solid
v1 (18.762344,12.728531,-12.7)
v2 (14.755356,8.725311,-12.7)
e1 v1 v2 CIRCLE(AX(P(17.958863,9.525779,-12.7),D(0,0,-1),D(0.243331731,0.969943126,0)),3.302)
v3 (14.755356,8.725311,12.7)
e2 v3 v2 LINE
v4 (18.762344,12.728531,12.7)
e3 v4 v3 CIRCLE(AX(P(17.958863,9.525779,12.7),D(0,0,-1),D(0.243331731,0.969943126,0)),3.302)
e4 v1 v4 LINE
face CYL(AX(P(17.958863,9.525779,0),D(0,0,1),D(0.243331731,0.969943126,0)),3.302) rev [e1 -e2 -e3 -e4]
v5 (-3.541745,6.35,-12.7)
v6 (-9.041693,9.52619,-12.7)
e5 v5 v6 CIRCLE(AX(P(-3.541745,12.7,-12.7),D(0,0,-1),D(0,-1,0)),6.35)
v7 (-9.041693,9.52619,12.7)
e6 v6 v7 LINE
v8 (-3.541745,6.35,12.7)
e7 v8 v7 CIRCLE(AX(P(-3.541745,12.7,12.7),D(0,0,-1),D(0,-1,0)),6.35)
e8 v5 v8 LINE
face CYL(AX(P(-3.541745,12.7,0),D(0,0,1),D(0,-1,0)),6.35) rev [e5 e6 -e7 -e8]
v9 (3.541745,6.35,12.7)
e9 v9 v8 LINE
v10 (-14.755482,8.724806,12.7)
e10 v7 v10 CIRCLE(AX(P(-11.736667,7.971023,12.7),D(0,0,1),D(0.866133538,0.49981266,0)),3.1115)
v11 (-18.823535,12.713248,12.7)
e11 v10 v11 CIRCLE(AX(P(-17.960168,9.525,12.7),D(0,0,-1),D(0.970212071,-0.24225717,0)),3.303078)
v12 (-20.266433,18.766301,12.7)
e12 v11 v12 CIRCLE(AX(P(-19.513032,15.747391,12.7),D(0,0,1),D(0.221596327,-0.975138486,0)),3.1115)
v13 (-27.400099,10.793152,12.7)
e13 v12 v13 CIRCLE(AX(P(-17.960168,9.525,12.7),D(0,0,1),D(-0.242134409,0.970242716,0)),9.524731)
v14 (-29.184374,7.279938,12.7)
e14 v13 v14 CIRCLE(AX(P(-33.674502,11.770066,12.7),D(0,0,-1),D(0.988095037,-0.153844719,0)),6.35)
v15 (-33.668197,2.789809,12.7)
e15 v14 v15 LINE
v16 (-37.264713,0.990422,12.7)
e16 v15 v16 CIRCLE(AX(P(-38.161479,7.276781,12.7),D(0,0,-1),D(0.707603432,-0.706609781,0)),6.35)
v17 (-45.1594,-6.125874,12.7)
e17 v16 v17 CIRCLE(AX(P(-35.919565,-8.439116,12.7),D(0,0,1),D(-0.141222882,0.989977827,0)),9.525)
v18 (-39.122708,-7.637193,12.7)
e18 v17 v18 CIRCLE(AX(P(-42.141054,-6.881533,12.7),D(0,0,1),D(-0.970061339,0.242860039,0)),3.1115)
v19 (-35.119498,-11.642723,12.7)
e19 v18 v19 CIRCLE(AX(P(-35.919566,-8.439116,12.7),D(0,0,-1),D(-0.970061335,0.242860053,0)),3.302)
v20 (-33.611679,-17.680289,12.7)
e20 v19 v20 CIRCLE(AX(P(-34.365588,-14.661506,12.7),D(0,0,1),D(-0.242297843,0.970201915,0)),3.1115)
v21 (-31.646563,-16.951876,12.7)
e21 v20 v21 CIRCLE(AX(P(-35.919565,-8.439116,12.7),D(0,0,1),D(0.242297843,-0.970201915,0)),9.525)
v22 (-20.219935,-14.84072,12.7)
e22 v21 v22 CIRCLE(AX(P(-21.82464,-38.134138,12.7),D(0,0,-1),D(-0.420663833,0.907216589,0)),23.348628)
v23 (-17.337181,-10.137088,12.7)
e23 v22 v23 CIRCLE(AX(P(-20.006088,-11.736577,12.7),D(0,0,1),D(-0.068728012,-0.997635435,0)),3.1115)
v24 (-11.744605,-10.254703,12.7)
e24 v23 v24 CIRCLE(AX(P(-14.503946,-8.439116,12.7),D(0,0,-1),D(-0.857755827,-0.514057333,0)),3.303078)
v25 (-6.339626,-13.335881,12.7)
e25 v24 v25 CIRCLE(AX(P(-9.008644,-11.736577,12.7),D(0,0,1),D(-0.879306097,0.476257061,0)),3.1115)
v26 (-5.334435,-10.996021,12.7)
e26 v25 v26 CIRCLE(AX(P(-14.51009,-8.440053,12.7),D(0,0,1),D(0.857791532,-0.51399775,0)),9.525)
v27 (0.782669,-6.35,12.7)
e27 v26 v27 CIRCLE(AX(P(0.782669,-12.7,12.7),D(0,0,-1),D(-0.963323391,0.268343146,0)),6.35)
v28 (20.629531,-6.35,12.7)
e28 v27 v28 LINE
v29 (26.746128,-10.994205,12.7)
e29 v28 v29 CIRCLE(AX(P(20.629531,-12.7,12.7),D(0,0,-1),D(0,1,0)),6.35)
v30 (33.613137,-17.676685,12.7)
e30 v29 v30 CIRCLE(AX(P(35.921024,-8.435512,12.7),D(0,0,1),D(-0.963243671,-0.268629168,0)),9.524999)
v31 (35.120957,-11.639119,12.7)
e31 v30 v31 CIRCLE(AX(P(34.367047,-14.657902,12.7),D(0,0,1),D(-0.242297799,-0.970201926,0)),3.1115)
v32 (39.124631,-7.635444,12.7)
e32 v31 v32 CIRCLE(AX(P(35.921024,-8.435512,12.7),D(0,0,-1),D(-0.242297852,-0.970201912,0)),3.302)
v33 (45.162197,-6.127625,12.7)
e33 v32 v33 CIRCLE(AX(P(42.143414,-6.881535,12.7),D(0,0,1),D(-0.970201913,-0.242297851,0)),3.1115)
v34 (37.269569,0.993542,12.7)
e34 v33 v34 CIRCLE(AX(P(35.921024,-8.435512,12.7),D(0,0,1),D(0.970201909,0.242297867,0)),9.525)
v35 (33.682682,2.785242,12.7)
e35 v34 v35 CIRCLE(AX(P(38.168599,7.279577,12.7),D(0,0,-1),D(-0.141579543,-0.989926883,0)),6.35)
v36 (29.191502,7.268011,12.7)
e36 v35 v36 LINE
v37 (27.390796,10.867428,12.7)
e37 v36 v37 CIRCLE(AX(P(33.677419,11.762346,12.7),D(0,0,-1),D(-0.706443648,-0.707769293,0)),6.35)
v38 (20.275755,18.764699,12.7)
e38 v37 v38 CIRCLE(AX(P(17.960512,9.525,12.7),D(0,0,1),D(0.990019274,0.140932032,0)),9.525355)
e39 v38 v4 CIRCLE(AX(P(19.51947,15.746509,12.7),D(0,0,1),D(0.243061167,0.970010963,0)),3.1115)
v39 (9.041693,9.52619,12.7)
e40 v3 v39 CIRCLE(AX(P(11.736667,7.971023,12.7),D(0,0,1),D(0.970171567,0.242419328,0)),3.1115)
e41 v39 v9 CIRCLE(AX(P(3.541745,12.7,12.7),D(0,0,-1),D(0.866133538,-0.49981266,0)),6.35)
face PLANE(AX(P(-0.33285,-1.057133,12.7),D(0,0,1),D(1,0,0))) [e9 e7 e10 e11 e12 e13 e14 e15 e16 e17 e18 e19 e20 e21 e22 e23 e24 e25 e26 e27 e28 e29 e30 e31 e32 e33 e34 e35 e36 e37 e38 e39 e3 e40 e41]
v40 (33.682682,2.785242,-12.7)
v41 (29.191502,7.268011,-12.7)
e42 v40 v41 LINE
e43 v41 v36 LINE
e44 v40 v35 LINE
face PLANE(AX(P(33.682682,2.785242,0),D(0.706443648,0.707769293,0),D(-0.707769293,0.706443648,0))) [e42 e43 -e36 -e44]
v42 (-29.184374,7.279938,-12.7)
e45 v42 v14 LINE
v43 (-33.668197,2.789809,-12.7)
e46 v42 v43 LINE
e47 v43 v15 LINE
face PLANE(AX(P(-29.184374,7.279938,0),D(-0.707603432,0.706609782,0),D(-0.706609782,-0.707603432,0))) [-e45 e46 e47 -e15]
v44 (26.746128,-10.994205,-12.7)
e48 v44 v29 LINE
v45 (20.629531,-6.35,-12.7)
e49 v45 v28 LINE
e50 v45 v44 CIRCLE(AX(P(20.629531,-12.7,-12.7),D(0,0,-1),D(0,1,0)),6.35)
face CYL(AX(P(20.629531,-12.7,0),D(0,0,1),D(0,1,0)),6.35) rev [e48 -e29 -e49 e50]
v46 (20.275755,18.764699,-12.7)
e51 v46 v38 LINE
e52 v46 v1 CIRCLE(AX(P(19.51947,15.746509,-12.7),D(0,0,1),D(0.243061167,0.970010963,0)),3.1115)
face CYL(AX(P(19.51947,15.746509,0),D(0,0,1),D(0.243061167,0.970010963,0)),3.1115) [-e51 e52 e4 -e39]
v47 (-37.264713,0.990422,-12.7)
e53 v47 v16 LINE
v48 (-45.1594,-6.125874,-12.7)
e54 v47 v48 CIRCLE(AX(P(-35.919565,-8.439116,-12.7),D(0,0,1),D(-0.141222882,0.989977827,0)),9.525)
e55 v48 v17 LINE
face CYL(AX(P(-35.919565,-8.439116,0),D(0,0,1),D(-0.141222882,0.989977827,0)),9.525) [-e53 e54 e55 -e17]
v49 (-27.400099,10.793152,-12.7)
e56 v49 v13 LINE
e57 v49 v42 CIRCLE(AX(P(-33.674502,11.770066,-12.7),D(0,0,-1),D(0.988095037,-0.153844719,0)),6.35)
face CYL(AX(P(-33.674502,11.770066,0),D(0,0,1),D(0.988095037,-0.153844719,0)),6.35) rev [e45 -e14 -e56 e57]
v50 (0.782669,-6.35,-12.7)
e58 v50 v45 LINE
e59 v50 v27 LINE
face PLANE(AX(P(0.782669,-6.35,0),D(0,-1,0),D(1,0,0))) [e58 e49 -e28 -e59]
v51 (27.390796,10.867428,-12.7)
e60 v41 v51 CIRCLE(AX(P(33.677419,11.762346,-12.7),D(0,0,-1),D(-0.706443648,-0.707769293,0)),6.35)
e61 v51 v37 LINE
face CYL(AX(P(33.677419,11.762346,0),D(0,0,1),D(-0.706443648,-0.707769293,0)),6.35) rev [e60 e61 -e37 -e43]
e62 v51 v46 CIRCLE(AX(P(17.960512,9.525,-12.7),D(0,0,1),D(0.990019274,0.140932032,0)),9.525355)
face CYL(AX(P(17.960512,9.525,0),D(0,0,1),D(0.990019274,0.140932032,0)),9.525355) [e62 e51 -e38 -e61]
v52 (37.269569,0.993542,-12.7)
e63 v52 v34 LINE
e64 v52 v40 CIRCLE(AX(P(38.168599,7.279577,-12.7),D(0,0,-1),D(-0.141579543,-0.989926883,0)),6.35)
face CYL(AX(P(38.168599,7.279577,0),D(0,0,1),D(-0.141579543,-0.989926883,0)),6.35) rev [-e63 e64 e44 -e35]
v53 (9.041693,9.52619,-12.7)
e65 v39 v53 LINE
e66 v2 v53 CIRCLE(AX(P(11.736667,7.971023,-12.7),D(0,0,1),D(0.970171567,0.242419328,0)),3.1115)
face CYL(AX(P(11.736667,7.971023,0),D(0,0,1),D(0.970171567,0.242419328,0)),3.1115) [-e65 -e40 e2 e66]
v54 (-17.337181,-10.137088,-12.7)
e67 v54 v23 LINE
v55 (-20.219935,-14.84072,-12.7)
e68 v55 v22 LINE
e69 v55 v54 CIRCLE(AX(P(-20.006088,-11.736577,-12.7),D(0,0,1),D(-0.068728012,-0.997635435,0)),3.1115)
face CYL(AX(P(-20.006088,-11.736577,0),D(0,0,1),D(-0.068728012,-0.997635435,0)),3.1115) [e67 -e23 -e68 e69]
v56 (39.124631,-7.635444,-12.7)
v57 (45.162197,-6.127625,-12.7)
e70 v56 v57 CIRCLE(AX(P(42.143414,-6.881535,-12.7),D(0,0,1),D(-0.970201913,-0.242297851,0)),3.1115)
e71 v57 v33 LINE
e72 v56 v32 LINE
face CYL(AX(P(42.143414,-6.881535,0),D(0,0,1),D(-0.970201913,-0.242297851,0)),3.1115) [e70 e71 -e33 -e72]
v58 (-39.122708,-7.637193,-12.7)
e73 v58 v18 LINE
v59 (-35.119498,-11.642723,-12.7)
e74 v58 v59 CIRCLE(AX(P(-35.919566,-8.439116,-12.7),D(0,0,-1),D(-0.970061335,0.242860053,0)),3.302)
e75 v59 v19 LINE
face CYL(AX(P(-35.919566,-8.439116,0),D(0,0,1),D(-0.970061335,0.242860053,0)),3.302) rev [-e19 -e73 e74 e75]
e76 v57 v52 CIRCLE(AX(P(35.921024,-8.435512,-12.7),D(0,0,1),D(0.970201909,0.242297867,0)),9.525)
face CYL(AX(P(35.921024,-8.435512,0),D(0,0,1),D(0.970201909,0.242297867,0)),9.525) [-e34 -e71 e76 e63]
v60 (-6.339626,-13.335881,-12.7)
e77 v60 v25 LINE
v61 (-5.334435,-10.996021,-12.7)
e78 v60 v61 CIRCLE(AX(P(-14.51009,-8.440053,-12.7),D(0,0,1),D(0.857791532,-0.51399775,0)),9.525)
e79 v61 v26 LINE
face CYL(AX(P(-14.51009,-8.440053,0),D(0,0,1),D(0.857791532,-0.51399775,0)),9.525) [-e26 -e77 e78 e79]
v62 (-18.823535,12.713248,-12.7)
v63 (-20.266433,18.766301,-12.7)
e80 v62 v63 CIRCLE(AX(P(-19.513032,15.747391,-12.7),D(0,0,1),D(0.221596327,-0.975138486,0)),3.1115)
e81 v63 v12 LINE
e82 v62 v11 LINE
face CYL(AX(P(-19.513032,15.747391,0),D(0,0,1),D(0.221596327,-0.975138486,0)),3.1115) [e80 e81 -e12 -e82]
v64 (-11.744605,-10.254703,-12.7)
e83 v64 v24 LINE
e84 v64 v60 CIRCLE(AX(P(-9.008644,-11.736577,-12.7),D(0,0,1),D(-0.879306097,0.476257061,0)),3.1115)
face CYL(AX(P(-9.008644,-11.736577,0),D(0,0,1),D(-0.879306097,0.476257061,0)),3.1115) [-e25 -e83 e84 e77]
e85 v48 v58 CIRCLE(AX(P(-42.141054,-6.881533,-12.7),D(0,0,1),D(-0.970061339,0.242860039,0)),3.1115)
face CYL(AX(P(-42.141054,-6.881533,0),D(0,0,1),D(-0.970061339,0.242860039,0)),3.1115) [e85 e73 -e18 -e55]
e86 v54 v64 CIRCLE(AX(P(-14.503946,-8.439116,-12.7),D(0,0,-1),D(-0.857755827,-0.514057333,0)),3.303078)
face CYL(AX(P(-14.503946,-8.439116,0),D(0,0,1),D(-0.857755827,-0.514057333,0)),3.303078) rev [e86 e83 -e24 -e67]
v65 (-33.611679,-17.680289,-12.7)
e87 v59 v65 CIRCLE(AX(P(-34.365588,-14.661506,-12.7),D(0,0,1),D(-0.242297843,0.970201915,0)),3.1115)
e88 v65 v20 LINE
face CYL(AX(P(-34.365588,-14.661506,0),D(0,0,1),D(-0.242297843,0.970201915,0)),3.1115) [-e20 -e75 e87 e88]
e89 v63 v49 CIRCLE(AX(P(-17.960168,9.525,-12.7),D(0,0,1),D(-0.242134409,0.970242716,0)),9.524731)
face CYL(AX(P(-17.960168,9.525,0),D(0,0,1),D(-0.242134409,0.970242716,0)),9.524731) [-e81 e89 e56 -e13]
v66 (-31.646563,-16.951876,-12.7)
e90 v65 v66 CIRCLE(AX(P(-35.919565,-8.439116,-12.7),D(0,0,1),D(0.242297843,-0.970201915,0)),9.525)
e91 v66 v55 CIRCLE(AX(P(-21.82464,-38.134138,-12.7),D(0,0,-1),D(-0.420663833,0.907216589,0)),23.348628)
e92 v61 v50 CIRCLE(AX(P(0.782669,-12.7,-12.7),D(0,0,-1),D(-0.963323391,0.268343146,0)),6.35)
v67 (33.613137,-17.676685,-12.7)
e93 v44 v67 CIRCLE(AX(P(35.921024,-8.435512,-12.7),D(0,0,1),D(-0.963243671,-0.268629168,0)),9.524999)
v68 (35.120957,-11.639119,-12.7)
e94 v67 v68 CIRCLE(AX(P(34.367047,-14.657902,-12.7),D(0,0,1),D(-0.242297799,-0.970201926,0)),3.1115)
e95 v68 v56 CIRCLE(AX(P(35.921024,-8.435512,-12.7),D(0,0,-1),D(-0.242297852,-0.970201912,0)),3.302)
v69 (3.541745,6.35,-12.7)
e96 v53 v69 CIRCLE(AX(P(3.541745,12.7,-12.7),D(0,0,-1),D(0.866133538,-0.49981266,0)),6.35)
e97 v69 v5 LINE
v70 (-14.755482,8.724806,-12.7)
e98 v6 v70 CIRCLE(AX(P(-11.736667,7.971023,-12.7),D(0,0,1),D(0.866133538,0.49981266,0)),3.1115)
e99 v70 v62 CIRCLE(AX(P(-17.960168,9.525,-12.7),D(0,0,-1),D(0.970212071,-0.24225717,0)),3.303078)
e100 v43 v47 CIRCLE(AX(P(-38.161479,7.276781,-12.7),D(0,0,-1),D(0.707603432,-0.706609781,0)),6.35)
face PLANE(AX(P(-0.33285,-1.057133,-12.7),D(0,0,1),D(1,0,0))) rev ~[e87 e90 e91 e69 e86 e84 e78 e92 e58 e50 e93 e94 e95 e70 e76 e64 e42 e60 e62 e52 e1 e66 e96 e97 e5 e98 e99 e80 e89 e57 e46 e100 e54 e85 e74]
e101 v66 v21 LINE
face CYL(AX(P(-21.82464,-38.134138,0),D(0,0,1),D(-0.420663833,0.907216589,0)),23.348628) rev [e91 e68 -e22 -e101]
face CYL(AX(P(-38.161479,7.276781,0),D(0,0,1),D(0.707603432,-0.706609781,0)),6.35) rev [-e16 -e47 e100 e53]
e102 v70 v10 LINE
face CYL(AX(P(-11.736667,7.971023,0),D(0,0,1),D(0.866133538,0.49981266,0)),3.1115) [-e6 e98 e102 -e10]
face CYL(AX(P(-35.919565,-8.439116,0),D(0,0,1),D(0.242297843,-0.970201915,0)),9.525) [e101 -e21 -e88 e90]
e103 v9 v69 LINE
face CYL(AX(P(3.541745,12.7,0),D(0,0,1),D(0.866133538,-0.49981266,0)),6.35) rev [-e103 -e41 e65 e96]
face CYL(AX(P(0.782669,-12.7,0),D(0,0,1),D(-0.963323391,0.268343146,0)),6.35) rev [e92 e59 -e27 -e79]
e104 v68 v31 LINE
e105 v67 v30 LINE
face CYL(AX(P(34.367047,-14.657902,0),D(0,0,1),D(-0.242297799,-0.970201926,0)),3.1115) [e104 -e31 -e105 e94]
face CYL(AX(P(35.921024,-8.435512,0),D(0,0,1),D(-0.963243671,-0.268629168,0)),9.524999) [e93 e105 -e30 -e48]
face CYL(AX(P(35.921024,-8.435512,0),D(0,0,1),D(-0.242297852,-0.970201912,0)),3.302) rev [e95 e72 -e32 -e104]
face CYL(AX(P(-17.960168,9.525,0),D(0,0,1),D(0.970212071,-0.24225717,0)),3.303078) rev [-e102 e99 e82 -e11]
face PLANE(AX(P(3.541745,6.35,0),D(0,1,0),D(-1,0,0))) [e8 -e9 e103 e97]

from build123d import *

# Parameters (mm, degrees)
EXTRUDE1_DEPTH = 12.7


with BuildPart() as part:
    # Sketch1 → Extrude1 (new body, symmetric)
    with BuildSketch(Plane.XY):
        with BuildLine():
            Line((3.541744722, 6.350000317), (-3.541744722, 6.350000317))
            ThreePointArc((-3.541744722, 6.350000317), (-6.717339471, 7.201082424), (-9.041692685, 9.526189926))
            ThreePointArc((-9.041692685, 9.526189926), (-12.168838665, 11.052363462), (-14.755482048, 8.724806019))
            ThreePointArc((-14.755482048, 8.724806019), (-20.272604103, 7.166406874), (-18.823535008, 12.713247635))
            ThreePointArc((-18.823535008, 12.713247635), (-16.4863366, 16.468880196), (-20.266433142, 18.766301026))
            ThreePointArc((-20.266433142, 18.766301026), (-25.058481671, 15.875940516), (-27.400098665, 10.793151634))
            ThreePointArc((-27.400098665, 10.793151634), (-28.012836895, 8.894644494), (-29.184374008, 7.27993762))
            Line((-29.184374008, 7.27993762), (-33.668197009, 2.789809368))
            ThreePointArc((-33.668197009, 2.789809368), (-35.320246571, 1.597881998), (-37.264713426, 0.990422317))
            ThreePointArc((-37.264713426, 0.990422317), (-42.296938103, -1.364178798), (-45.159399664, -6.125874443))
            ThreePointArc((-45.159399664, -6.125874443), (-42.896712959, -9.899879208), (-39.1227081, -7.637192526))
            ThreePointArc((-39.1227081, -7.637192526), (-33.584022437, -6.104926504), (-35.119498005, -11.642723169))
            ThreePointArc((-35.119498005, -11.642723169), (-37.384371438, -15.415416021), (-33.611678586, -17.680289454))
            ThreePointArc((-33.611678586, -17.680289454), (-32.609025986, -17.370294909), (-31.646563329, -16.951875875))
            ThreePointArc((-31.646563329, -16.951875875), (-26.066681379, -15.174096844), (-20.21993522, -14.840719891))
            ThreePointArc((-20.21993522, -14.840719891), (-17.353189866, -13.362481197), (-17.337180754, -10.137087846))
            ThreePointArc((-17.337180754, -10.137087846), (-14.434495922, -5.136768789), (-11.74460461, -10.254703395))
            ThreePointArc((-11.74460461, -10.254703395), (-10.54959622, -14.439704472), (-6.339625545, -13.335881127))
            ThreePointArc((-6.339625545, -13.335881127), (-5.758478435, -12.199696418), (-5.334434584, -10.996021018))
            ThreePointArc((-5.334434584, -10.996021018), (-3.058049309, -7.643184473), (0.782668949, -6.35))
            Line((0.782668949, -6.35), (20.629531136, -6.35))
            ThreePointArc((20.629531136, -6.35), (24.469498585, -7.642614313), (26.746128433, -10.994204727))
            ThreePointArc((26.746128433, -10.994204727), (29.278173872, -15.26179643), (33.613137194, -17.676684799))
            ThreePointArc((33.613137194, -17.676684799), (37.385829768, -15.411811583), (35.120956636, -11.639118675))
            ThreePointArc((35.120956636, -11.639118675), (33.586157492, -6.100645238), (39.124630957, -7.635444299))
            ThreePointArc((39.124630957, -7.635444299), (42.897323989, -9.900317715), (45.162197311, -6.127624707))
            ThreePointArc((45.162197311, -6.127624707), (42.301720517, -1.363571666), (37.269569316, 0.993541642))
            ThreePointArc((37.269569316, 0.993541642), (35.33100147, 1.598861028), (33.682682253, 2.785242337))
            Line((33.682682253, 2.785242337), (29.191501523, 7.268011131))
            ThreePointArc((29.191501523, 7.268011131), (27.998435311, 8.921281589), (27.390796294, 10.867427785))
            ThreePointArc((27.390796294, 10.867427785), (25.0373104, 15.90083737), (20.275755297, 18.764698607))
            ThreePointArc((20.275755297, 18.764698607), (16.501386803, 16.503215052), (18.762343911, 12.728531392))
            ThreePointArc((18.762343911, 12.728531392), (20.292630817, 7.189814806), (14.755356019, 8.725310571))
            ThreePointArc((14.755356019, 8.725310571), (12.168581157, 11.052399567), (9.041692685, 9.526189926))
            ThreePointArc((9.041692685, 9.526189926), (6.717339471, 7.201082424), (3.541744722, 6.350000317))
        make_face()
    extrude(amount=EXTRUDE1_DEPTH, both=True)


solid = part.part
